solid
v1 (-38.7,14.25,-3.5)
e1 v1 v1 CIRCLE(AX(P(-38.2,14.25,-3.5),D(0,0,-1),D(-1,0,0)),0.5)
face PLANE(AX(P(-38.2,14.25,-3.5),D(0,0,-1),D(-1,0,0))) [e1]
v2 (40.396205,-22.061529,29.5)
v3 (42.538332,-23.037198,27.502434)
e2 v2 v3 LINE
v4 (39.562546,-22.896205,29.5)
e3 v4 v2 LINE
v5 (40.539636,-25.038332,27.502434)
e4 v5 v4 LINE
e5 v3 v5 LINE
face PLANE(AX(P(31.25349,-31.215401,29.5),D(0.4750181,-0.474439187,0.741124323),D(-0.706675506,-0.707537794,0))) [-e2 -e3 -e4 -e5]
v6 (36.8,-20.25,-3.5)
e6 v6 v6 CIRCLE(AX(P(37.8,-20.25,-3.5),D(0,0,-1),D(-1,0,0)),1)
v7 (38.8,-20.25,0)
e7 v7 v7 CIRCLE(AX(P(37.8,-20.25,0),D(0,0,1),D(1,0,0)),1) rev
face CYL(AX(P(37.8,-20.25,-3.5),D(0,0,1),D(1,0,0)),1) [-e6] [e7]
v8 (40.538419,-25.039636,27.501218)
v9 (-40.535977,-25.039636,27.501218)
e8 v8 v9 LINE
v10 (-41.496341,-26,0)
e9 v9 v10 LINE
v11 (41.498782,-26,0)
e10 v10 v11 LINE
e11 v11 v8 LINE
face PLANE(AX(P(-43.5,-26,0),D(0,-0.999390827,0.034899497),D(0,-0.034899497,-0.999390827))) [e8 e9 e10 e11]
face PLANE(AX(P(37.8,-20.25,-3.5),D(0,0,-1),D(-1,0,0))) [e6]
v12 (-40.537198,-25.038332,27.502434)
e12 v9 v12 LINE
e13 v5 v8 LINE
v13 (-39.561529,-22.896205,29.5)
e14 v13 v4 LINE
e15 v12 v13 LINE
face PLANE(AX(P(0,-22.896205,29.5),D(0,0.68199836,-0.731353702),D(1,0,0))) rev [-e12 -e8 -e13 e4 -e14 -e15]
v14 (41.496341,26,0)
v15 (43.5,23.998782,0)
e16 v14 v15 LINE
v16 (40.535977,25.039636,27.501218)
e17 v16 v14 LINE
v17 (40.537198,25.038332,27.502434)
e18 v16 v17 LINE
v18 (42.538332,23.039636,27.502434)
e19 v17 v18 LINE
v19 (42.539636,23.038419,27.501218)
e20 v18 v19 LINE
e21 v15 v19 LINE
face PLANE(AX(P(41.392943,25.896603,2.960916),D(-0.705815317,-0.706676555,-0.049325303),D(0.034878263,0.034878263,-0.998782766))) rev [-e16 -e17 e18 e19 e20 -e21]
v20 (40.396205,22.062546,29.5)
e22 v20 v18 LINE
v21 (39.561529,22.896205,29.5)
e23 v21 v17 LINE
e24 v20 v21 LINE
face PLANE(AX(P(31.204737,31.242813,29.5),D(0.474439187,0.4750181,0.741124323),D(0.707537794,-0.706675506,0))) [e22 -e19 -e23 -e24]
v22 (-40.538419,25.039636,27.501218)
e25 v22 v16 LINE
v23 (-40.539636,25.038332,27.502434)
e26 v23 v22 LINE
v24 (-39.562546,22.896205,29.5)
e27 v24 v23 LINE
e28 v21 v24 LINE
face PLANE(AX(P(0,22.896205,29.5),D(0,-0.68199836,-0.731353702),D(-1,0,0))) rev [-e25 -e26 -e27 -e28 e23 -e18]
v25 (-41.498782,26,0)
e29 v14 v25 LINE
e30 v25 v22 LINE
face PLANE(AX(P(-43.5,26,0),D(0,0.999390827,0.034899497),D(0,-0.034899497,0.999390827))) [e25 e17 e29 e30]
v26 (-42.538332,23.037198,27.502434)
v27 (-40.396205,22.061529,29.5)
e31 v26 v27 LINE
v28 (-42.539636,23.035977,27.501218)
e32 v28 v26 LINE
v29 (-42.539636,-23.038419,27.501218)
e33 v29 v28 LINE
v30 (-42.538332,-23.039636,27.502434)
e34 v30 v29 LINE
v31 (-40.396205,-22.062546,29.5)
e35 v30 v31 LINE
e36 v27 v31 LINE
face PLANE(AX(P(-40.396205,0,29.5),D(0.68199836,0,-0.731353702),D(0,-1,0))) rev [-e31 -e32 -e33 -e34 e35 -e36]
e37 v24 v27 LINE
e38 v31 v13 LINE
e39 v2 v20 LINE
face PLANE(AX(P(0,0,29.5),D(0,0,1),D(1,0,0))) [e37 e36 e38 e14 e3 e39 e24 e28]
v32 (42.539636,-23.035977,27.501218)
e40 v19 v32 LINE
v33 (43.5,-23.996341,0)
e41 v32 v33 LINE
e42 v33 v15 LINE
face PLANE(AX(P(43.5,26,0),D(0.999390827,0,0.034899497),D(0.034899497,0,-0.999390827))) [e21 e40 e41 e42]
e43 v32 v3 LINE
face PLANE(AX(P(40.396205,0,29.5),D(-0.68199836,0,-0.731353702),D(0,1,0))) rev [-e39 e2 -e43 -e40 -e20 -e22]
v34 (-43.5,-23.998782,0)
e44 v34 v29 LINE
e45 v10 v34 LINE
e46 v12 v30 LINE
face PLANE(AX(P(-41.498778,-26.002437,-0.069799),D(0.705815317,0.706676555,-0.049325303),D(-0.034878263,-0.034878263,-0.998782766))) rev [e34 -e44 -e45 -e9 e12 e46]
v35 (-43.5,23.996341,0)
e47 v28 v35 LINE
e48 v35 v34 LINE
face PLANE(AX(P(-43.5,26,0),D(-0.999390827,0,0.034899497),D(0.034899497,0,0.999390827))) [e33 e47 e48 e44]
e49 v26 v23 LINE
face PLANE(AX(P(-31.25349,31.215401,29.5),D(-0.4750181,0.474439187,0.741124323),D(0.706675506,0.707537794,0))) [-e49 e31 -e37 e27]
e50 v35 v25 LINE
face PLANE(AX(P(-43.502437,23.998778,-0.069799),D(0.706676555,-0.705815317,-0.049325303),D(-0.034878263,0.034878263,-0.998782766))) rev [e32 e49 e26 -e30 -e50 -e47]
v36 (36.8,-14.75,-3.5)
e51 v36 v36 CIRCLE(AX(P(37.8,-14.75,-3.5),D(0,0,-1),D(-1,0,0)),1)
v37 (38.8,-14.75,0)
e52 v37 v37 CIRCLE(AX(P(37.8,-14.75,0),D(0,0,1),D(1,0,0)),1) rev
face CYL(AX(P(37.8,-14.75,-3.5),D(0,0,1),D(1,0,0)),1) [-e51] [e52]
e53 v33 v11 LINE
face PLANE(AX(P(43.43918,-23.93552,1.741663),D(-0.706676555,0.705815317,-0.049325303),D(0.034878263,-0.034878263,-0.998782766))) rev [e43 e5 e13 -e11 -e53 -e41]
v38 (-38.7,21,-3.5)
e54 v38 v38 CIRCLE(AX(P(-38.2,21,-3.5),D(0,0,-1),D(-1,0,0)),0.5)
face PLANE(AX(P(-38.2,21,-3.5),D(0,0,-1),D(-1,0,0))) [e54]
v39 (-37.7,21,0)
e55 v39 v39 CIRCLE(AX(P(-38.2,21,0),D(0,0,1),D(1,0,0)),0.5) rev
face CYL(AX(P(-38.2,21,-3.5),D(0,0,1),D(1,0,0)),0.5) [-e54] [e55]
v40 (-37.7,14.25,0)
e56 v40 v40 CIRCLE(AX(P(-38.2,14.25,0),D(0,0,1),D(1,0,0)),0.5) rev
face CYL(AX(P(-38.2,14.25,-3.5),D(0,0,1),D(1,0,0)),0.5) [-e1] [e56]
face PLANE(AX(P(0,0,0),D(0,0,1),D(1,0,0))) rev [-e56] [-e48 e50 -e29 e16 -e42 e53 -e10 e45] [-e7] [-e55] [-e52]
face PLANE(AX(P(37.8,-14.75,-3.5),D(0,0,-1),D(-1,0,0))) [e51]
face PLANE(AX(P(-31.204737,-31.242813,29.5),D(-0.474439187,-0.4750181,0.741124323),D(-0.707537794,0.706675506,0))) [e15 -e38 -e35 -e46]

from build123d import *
from OCP.BRepFilletAPI import BRepFilletAPI_MakeChamfer

# Parameters (mm, degrees)
SKETCH1_W           = 87
SKETCH1_H           = 52
BOSS_EXTRUDE1_DEPTH = 29.5
BOSS_EXTRUDE1_TAPER = 2
CHAMFER1_SIZE       = 2
CHAMFER1_SIZE2      = 2.002440407
CHAMFER2_SIZE       = 2
CHAMFER2_SIZE2      = 2.073631911
CHAMFER2_SIZE2_2    = 2.106466142
SKETCH2_R           = 0.5
SKETCH2_R_2         = 1
BOSS_EXTRUDE2_DEPTH = 3.5


with BuildPart() as part:
    # Sketch1 → Boss-Extrude1 (new body)
    with BuildSketch(Plane.XY):
        Rectangle(SKETCH1_W, SKETCH1_H)
    extrude(amount=BOSS_EXTRUDE1_DEPTH, taper=BOSS_EXTRUDE1_TAPER)

    # Chamfer1: one chamfer whose edges measure the first distance from different faces: ONE call of the kernel's chamfer builder (chamfer() names one face for all edges)
    chamfer1_edges_1 = [part.edges().sort_by_distance(p)[0] for p in [
        (42.98491865, -25.48491865, 14.75),
    ]]
    chamfer1_side_1 = [part.faces().sort_by_distance(p)[0] for p in [
        (0, -25.486976029, 14.691084376),
    ]]
    chamfer1_edges_2 = [part.edges().sort_by_distance(p)[0] for p in [
        (-42.984918188, -25.484918188, 14.750013228),
    ]]
    chamfer1_side_2 = [part.faces().sort_by_distance(p)[0] for p in [
        (-42.988388791, 0, 14.650628158),
    ]]
    chamfer1_edges_3 = [part.edges().sort_by_distance(p)[0] for p in [
        (-42.98491865, 25.48491865, 14.75),
    ]]
    chamfer1_side_3 = [part.faces().sort_by_distance(p)[0] for p in [
        (0, 25.486976029, 14.691084376),
    ]]
    chamfer1_edges_4 = [part.edges().sort_by_distance(p)[0] for p in [
        (42.98491865, 25.48491865, 14.75),
    ]]
    chamfer1_side_4 = [part.faces().sort_by_distance(p)[0] for p in [
        (42.988388791, 0, 14.650628158),
    ]]
    chamfer1 = BRepFilletAPI_MakeChamfer(part.part.solid().wrapped)
    for e in chamfer1_edges_1:
        chamfer1.Add(CHAMFER1_SIZE, CHAMFER1_SIZE2, e.wrapped, chamfer1_side_1[0].wrapped)  # the first distance lies on this face
    for e in chamfer1_edges_2:
        chamfer1.Add(CHAMFER1_SIZE, CHAMFER1_SIZE2, e.wrapped, chamfer1_side_2[0].wrapped)  # the first distance lies on this face
    for e in chamfer1_edges_3:
        chamfer1.Add(CHAMFER1_SIZE, CHAMFER1_SIZE2, e.wrapped, chamfer1_side_3[0].wrapped)  # the first distance lies on this face
    for e in chamfer1_edges_4:
        chamfer1.Add(CHAMFER1_SIZE, CHAMFER1_SIZE2, e.wrapped, chamfer1_side_4[0].wrapped)  # the first distance lies on this face
    add(Compound.cast(chamfer1.Shape()), mode=Mode.REPLACE)

    # Chamfer2: one chamfer whose edges measure the first distance from different faces: ONE call of the kernel's chamfer builder (chamfer() names one face for all edges)
    chamfer2_edges_1 = [part.edges().sort_by_distance(p)[0] for p in [
        (42.4698373, 0.001220947, 29.5),
    ]]
    chamfer2_side_1 = [part.faces().sort_by_distance(p)[0] for p in [
        (42.988684703, 0.001220947, 14.642154351),
    ]]
    chamfer2_edges_2 = [part.edges().sort_by_distance(p)[0] for p in [
        (0.001220947, -24.9698373, 29.5),
    ]]
    chamfer2_side_2 = [part.faces().sort_by_distance(p)[0] for p in [
        (0.001220947, -25.487076554, 14.688205709),
    ]]
    chamfer2_edges_3 = [part.edges().sort_by_distance(p)[0] for p in [
        (-0.001220947, 24.9698373, 29.5),
    ]]
    chamfer2_side_3 = [part.faces().sort_by_distance(p)[0] for p in [
        (-0.001220947, 25.487076554, 14.688205709),
    ]]
    chamfer2_edges_4 = [part.edges().sort_by_distance(p)[0] for p in [
        (-42.4698373, -0.001220947, 29.5),
    ]]
    chamfer2_side_4 = [part.faces().sort_by_distance(p)[0] for p in [
        (-42.988684703, -0.001220947, 14.642154351),
    ]]
    chamfer2_edges_5 = [part.edges().sort_by_distance(p)[0] for p in [
        (-41.469228498, 23.968007551, 29.5),
    ]]
    chamfer2_side_5 = [part.faces().sort_by_distance(p)[0] for p in [
        (-41.984309848, 24.483088901, 14.75),
    ]]
    chamfer2_edges_6 = [part.edges().sort_by_distance(p)[0] for p in [
        (-41.468007551, -23.969228498, 29.5),
    ]]
    chamfer2_side_6 = [part.faces().sort_by_distance(p)[0] for p in [
        (-41.983088901, -24.484309848, 14.75),
    ]]
    chamfer2_edges_7 = [part.edges().sort_by_distance(p)[0] for p in [
        (41.468007551, 23.969228498, 29.5),
    ]]
    chamfer2_side_7 = [part.faces().sort_by_distance(p)[0] for p in [
        (41.983088901, 24.484309848, 14.75),
    ]]
    chamfer2_edges_8 = [part.edges().sort_by_distance(p)[0] for p in [
        (41.469228498, -23.968007551, 29.5),
    ]]
    chamfer2_side_8 = [part.faces().sort_by_distance(p)[0] for p in [
        (41.984309848, -24.483088901, 14.75),
    ]]
    chamfer2 = BRepFilletAPI_MakeChamfer(part.part.solid().wrapped)
    for e in chamfer2_edges_1:
        chamfer2.Add(CHAMFER2_SIZE, CHAMFER2_SIZE2, e.wrapped, chamfer2_side_1[0].wrapped)  # the first distance lies on this face
    for e in chamfer2_edges_2:
        chamfer2.Add(CHAMFER2_SIZE, CHAMFER2_SIZE2, e.wrapped, chamfer2_side_2[0].wrapped)  # the first distance lies on this face
    for e in chamfer2_edges_3:
        chamfer2.Add(CHAMFER2_SIZE, CHAMFER2_SIZE2, e.wrapped, chamfer2_side_3[0].wrapped)  # the first distance lies on this face
    for e in chamfer2_edges_4:
        chamfer2.Add(CHAMFER2_SIZE, CHAMFER2_SIZE2, e.wrapped, chamfer2_side_4[0].wrapped)  # the first distance lies on this face
    for e in chamfer2_edges_5:
        chamfer2.Add(CHAMFER2_SIZE, CHAMFER2_SIZE2_2, e.wrapped, chamfer2_side_5[0].wrapped)  # the first distance lies on this face
    for e in chamfer2_edges_6:
        chamfer2.Add(CHAMFER2_SIZE, CHAMFER2_SIZE2_2, e.wrapped, chamfer2_side_6[0].wrapped)  # the first distance lies on this face
    for e in chamfer2_edges_7:
        chamfer2.Add(CHAMFER2_SIZE, CHAMFER2_SIZE2_2, e.wrapped, chamfer2_side_7[0].wrapped)  # the first distance lies on this face
    for e in chamfer2_edges_8:
        chamfer2.Add(CHAMFER2_SIZE, CHAMFER2_SIZE2_2, e.wrapped, chamfer2_side_8[0].wrapped)  # the first distance lies on this face
    add(Compound.cast(chamfer2.Shape()), mode=Mode.REPLACE)

    # Sketch2 → Boss-Extrude2 (add)
    with BuildSketch(Plane(origin=(0, 0, 0), x_dir=(-1, 0, 0), z_dir=(0, 0, -1))):
        with Locations(Location((38.2, 21, 0), (0, 0, 180))):
            Circle(SKETCH2_R)
        with Locations(Location((38.2, 14.25, 0), (0, 0, 180))):
            Circle(SKETCH2_R)
        with Locations(Location((-37.8, -14.75, 0), (0, 0, 180))):
            Circle(SKETCH2_R_2)
        with Locations(Location((-37.8, -20.25, 0), (0, 0, 180))):
            Circle(SKETCH2_R_2)
    extrude(amount=BOSS_EXTRUDE2_DEPTH)


solid = part.part
